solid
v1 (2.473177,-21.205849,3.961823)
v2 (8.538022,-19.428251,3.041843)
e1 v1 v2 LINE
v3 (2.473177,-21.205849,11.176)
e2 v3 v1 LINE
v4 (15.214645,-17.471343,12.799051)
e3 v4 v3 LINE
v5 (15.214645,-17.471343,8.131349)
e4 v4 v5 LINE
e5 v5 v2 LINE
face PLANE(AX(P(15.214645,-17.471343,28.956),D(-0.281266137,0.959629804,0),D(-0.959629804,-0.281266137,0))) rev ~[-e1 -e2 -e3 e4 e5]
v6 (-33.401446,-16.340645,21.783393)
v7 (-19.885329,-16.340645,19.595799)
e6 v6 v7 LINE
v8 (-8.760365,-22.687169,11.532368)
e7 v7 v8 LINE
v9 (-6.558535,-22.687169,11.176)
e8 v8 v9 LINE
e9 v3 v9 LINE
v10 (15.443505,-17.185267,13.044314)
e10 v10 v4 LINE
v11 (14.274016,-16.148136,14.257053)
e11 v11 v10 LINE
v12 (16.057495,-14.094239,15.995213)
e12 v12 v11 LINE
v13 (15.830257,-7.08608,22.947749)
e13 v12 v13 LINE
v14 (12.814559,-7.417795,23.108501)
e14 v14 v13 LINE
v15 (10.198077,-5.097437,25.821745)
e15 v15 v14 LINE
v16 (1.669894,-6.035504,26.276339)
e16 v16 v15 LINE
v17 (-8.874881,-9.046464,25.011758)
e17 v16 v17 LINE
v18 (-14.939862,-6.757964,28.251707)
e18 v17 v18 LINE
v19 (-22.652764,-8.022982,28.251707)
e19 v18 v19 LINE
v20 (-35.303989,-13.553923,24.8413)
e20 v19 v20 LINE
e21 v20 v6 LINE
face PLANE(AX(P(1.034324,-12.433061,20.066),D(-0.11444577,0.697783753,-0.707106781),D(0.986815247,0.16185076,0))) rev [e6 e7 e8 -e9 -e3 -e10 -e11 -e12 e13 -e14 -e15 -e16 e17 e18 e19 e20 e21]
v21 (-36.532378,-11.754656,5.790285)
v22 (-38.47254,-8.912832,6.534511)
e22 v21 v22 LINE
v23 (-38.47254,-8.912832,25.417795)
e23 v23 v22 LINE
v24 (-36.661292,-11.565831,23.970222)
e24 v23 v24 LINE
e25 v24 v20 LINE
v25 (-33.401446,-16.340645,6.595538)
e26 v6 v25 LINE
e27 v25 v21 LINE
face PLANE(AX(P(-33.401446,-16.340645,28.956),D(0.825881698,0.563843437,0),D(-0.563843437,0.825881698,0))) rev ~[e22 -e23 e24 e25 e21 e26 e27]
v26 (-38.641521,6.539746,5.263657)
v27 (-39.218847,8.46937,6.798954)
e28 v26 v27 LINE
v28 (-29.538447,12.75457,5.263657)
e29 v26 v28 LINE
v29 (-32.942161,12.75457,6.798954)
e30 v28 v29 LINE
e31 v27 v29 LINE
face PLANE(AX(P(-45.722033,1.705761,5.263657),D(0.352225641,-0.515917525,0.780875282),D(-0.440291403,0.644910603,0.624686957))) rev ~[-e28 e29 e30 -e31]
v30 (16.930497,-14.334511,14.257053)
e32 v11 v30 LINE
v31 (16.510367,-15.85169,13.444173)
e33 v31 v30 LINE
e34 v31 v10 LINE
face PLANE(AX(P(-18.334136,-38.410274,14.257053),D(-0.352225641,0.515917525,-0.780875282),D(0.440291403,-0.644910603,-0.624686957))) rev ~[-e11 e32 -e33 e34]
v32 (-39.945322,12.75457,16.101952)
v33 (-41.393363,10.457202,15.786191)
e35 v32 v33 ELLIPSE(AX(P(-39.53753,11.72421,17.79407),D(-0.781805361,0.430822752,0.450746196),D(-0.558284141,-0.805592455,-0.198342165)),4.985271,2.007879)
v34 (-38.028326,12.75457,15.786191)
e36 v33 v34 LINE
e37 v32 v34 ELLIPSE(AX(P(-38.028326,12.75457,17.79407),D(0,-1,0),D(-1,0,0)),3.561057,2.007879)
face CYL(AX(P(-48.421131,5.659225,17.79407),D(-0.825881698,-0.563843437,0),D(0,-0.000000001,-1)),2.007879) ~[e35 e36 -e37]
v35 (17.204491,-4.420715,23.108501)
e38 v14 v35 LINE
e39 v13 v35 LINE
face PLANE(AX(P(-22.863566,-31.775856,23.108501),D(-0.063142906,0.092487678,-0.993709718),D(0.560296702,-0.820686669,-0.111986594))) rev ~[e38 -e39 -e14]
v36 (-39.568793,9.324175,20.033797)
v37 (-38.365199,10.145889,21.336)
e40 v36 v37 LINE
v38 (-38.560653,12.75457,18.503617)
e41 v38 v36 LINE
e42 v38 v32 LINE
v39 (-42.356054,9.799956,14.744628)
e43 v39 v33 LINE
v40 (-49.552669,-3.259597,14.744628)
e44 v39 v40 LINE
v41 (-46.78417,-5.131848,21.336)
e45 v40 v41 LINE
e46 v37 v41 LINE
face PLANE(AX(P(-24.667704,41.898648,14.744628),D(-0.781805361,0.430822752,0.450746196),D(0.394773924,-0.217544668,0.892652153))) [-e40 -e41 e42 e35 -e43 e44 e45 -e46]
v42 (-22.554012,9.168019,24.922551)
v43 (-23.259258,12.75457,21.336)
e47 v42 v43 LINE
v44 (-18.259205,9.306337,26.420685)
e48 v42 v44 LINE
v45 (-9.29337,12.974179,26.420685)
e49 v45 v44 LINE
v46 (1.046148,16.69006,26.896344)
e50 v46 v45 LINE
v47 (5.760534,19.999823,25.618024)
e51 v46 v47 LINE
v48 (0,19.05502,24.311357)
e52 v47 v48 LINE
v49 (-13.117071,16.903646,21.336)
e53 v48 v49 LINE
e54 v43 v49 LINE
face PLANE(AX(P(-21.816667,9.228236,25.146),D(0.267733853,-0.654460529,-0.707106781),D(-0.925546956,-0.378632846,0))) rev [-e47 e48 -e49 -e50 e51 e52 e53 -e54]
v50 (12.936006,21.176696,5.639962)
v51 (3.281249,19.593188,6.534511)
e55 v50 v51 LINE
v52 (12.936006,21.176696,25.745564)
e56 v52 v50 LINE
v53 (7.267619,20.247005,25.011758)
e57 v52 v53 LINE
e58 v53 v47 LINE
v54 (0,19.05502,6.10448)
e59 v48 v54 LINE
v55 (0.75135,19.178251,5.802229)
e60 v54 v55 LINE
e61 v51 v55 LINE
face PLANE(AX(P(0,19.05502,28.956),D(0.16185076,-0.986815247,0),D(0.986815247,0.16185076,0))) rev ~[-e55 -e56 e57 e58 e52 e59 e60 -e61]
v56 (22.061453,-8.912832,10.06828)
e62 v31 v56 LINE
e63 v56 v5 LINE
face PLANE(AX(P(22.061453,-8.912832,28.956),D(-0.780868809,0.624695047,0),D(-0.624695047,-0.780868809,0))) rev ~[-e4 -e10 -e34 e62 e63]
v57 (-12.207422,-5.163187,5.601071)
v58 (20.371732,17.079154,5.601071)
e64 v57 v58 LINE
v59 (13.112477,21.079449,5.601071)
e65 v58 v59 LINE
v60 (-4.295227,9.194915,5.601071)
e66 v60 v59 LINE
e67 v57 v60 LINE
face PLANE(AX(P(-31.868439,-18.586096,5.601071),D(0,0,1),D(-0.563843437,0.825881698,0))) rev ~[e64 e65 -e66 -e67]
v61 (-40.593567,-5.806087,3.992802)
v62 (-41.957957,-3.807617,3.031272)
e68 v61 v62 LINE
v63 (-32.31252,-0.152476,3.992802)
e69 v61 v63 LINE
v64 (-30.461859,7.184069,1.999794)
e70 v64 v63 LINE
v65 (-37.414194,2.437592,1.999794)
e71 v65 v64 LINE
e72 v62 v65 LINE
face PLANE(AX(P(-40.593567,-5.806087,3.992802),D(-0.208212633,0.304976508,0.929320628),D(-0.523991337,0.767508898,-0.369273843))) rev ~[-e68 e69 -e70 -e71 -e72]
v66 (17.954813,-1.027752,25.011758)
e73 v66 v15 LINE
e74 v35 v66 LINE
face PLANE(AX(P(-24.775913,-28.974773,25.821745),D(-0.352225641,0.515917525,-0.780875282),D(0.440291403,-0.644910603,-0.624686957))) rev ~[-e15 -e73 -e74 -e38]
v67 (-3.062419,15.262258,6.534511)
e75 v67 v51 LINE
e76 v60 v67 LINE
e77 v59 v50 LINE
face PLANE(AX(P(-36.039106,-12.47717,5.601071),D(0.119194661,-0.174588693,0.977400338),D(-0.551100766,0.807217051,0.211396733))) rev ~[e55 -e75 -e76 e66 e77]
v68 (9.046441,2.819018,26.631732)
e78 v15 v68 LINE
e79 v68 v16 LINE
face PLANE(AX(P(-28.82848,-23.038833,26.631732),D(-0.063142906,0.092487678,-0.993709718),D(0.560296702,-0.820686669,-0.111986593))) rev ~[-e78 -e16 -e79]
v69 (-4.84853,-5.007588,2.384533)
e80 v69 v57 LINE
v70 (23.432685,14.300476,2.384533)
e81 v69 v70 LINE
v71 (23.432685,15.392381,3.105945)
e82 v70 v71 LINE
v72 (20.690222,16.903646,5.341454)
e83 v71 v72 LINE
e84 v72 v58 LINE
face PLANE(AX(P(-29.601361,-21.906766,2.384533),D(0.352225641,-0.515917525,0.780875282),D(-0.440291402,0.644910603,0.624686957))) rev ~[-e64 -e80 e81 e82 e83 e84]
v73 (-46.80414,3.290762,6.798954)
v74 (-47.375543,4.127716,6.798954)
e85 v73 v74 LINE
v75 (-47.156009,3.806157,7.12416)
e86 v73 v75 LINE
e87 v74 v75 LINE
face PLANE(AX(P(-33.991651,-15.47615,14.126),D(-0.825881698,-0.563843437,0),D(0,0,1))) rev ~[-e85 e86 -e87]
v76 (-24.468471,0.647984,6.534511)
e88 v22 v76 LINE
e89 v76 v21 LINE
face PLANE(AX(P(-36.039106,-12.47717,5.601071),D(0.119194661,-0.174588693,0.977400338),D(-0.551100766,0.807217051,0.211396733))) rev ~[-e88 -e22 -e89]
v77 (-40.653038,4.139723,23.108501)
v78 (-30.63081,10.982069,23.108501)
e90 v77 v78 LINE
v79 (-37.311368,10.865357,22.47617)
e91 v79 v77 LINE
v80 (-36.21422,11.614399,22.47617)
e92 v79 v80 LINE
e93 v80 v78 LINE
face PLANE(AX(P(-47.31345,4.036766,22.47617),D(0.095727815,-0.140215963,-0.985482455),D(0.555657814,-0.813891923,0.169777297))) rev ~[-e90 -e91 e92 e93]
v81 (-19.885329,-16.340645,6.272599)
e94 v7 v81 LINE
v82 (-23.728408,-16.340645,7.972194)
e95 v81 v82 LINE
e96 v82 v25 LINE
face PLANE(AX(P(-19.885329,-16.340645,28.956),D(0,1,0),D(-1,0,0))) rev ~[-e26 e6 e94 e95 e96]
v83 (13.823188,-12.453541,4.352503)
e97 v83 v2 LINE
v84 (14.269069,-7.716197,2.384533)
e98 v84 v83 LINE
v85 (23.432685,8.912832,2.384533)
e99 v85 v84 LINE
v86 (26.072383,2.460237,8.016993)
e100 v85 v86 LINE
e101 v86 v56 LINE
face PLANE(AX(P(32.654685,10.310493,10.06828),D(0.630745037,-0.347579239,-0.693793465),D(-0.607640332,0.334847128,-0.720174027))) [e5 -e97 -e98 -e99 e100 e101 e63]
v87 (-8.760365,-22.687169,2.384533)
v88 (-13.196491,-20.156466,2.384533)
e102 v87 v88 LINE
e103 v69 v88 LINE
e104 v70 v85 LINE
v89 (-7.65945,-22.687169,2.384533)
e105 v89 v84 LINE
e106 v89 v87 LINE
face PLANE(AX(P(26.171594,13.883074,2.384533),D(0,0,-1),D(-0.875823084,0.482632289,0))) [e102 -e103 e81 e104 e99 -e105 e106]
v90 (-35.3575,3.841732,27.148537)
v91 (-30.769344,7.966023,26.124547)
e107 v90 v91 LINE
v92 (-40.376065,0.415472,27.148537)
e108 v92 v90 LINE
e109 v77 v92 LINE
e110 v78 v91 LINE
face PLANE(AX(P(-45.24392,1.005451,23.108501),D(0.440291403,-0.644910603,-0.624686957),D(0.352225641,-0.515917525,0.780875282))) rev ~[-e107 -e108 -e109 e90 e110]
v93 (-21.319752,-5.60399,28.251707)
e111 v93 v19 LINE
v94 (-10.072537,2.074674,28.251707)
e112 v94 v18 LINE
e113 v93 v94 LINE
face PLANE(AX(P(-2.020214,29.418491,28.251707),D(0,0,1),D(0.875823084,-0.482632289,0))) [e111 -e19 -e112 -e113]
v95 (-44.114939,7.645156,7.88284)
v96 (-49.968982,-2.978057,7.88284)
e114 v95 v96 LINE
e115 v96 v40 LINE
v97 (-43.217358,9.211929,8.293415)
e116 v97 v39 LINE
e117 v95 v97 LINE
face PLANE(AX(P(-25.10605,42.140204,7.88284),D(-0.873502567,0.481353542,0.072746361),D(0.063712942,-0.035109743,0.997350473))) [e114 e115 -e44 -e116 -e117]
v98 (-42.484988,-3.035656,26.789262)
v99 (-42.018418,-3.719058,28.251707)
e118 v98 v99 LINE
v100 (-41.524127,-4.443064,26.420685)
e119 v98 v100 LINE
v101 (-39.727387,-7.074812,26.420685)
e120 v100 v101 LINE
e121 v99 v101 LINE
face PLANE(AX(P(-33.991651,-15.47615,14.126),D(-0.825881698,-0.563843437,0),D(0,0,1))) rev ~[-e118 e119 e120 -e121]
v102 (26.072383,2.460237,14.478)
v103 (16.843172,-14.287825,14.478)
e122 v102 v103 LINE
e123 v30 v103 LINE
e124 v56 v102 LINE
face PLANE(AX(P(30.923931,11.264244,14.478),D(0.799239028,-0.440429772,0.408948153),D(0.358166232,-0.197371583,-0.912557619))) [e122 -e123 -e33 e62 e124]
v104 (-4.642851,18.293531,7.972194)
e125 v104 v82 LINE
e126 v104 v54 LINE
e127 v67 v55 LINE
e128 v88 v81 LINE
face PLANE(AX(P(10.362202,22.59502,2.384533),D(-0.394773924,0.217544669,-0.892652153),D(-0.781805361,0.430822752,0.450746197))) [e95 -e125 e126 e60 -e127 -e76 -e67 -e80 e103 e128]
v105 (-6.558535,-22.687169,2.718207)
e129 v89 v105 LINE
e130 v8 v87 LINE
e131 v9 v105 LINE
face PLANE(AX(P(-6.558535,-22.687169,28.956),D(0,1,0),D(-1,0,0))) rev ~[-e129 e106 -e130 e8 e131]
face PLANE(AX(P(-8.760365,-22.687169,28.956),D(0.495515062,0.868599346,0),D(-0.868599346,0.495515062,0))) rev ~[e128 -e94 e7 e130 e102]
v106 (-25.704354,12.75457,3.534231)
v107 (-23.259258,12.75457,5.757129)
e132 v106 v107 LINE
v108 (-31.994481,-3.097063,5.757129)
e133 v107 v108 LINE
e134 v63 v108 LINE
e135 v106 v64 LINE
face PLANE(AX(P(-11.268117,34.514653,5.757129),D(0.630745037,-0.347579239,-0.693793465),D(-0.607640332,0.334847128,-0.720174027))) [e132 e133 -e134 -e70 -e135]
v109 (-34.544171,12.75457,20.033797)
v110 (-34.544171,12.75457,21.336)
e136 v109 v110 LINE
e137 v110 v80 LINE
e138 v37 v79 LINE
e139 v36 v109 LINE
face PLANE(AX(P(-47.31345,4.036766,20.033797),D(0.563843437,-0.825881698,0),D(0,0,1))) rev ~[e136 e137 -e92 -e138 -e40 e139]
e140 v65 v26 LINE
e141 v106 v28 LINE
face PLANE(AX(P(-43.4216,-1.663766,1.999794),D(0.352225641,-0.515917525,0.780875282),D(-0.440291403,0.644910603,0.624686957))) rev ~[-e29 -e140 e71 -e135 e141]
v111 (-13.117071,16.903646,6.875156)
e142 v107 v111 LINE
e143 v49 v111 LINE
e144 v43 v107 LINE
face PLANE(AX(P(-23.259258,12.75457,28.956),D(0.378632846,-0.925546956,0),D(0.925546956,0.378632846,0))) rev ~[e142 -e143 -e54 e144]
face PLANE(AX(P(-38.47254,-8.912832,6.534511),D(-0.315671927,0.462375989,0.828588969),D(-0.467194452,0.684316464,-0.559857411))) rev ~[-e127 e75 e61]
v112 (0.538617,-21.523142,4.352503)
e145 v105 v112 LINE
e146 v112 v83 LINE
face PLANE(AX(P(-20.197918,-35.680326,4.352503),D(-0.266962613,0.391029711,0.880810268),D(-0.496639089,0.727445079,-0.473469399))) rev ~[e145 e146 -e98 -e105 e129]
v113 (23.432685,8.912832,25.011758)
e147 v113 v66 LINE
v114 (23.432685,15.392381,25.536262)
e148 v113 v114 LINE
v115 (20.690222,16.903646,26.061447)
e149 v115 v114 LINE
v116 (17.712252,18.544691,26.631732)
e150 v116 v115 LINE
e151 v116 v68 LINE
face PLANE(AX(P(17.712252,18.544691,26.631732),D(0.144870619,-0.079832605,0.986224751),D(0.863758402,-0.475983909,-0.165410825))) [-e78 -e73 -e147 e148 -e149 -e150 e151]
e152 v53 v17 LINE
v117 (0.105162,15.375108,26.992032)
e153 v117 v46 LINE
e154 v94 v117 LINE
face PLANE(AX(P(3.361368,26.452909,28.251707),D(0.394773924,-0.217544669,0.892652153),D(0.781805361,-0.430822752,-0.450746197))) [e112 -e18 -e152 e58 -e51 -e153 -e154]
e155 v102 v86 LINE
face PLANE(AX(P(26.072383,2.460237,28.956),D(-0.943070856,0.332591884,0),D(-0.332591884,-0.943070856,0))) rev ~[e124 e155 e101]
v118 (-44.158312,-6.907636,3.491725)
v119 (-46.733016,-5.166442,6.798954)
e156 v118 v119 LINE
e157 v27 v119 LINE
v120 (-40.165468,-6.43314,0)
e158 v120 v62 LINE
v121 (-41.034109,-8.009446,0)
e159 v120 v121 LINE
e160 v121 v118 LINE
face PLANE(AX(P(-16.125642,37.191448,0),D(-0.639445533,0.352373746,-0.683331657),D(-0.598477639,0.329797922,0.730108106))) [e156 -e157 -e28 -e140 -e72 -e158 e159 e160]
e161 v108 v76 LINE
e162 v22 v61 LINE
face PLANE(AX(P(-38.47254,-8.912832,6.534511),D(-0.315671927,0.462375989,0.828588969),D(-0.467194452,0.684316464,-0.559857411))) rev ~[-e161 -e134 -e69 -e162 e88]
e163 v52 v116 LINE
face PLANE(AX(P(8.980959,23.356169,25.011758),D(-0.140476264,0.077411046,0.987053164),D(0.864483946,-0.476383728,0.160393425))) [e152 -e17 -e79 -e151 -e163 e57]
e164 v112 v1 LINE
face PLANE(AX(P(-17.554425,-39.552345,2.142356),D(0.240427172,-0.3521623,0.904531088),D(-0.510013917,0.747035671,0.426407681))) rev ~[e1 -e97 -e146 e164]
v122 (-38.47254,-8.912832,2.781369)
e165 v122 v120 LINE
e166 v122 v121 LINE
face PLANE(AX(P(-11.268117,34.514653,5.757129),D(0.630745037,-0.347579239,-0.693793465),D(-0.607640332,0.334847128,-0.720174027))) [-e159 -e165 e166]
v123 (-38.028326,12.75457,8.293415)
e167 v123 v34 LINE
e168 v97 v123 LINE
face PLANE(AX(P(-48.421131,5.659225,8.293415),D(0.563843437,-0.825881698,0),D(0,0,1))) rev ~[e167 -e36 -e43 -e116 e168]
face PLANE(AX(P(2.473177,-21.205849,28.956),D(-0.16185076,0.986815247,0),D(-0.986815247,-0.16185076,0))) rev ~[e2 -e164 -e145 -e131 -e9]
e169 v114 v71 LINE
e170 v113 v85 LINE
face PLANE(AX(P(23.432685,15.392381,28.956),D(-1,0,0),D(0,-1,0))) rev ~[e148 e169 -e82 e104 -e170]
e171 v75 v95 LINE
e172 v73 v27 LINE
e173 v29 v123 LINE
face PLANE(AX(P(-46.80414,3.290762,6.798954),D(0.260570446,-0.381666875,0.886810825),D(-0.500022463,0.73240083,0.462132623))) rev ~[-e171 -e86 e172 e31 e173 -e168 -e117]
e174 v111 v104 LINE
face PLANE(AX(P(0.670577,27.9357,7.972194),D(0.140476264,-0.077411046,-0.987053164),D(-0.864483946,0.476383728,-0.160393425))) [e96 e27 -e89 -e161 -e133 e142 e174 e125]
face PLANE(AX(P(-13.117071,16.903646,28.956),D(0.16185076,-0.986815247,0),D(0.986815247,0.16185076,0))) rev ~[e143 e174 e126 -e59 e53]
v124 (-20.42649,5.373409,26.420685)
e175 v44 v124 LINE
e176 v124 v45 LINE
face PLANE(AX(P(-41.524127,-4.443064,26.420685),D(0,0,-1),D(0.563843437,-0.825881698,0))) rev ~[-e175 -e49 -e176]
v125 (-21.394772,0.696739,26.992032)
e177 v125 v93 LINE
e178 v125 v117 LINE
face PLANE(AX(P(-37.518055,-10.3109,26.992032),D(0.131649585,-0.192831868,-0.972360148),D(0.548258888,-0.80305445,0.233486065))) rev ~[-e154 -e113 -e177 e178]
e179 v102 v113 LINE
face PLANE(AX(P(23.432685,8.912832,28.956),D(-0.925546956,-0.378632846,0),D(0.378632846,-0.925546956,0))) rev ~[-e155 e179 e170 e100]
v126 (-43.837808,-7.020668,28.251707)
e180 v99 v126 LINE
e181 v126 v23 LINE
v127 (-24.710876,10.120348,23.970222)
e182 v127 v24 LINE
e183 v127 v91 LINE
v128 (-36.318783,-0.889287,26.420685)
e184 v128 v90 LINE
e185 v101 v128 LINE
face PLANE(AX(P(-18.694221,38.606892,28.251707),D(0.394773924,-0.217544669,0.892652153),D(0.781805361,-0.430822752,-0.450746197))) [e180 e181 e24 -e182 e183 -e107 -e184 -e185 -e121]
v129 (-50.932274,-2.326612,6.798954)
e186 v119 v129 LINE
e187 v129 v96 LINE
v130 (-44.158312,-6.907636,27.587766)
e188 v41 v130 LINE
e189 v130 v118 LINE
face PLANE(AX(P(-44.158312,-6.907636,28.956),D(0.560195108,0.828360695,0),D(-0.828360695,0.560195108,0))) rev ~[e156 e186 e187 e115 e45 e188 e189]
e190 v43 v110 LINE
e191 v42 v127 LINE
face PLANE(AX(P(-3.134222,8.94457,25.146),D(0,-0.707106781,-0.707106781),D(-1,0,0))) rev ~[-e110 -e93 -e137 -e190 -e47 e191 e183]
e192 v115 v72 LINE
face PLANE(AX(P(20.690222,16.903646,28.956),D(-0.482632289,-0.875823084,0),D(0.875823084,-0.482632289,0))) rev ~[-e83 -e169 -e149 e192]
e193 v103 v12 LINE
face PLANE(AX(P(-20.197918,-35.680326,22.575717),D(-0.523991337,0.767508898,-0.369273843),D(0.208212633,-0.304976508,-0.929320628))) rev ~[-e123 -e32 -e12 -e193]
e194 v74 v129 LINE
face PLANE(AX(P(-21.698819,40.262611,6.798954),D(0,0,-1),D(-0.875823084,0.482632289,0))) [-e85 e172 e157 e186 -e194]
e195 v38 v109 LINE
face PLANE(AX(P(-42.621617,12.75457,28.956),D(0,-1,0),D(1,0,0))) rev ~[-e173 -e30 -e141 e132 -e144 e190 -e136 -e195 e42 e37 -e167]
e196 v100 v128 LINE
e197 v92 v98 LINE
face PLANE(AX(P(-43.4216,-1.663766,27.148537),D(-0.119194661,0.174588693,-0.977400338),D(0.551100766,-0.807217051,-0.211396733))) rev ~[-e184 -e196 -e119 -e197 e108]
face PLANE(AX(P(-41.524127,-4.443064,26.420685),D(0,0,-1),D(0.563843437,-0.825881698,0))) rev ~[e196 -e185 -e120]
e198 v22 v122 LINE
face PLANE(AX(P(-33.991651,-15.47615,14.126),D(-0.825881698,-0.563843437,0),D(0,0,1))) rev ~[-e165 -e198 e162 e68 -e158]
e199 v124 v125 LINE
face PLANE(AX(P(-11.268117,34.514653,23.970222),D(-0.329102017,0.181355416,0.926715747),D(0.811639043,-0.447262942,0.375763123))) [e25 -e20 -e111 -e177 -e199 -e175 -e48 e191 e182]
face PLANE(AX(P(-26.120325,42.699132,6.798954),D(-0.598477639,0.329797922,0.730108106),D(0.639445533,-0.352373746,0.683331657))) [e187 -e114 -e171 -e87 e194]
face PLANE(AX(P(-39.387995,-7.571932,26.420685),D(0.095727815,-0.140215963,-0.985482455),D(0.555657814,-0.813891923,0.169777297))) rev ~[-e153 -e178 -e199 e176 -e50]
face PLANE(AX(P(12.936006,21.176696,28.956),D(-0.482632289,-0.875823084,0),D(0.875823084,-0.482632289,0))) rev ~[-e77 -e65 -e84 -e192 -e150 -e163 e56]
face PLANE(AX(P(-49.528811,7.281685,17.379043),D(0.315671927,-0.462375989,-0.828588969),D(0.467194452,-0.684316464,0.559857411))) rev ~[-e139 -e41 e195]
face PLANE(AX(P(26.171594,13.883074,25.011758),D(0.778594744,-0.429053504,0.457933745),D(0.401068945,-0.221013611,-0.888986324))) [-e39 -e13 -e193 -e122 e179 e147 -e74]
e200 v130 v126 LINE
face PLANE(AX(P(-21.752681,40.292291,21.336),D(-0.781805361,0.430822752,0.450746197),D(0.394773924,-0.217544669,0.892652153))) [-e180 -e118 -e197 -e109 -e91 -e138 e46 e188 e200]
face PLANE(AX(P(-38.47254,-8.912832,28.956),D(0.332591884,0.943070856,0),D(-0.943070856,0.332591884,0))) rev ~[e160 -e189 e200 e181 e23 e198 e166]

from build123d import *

# Parameters (mm, degrees)
BOSS_EXTRUDE1_DEPTH = 28.956
SKETCH2_OUTSIDE_W   = 104.225
SKETCH2_OUTSIDE_H   = 74.976
CUT_EXTRUDE1_DEPTH  = 28.956
CHAMFER1_SIZE       = 17.78
CHAMFER2_SIZE       = 7.62
CHAMFER3_SIZE       = 7.62
SKETCH3_OUTSIDE_W   = 109.871
SKETCH3_OUTSIDE_H   = 49.7
CUT_EXTRUDE2_DEPTH  = 60.198
SKETCH4_OUTSIDE_W   = 48.856
SKETCH4_OUTSIDE_H   = 100.249
CUT_EXTRUDE3_DEPTH  = 65.532


with BuildPart() as part:
    # Sketch1 → Boss-Extrude1 (new body)
    with BuildSketch(Plane.XY):
        with BuildLine():
            add(Edge.make_bspline(
                [(0, 26.329340351), (-15.786544799, 14.596384946), (-36.267616128, 18.74958365)],
                knots=[0, 0, 0, 1, 1, 1], degree=2))
            add(Edge.make_bspline(
                [(-36.267616128, 18.74958365), (-125.980614733, -26.329340351), (0, -26.329340351)],
                knots=[2.349082937, 2.349082937, 2.349082937, 4.702848639, 4.702848639, 4.702848639], degree=2, weights=[1, 0.374957632, 0.976740293]))
            add(Edge.make_bspline(
                [(0, -26.329340351), (0.906326781, -26.329340351), (1.812095783, -26.313136555)],
                knots=[4.702848639, 4.702848639, 4.702848639, 4.747474319, 4.747474319, 4.747474319], degree=2, weights=[0.976740293, 0.988149653, 1]))
            add(Edge.make_bspline(
                [(0, 26.329340351), (15.016751237, 25.038982394), (44.548809621, 18.28020699), (17.807382706, -25.169253325), (1.812095783, -26.313136555)],
                knots=[0, 0, 0, 0, 0.367872962, 0.976947038, 0.976947038, 0.976947038, 0.976947038], degree=3))
        make_face()
    extrude(amount=BOSS_EXTRUDE1_DEPTH)

    # Sketch2 outside → Cut-Extrude1 (cut)
    with BuildSketch(Plane.XY.offset(28.956)):
        with Locations((-10.7055, 0)):
            Rectangle(SKETCH2_OUTSIDE_W, SKETCH2_OUTSIDE_H)
        Polygon((-45.695007292, 8.912831724), (-42.621617043, 12.754569536), (-31.250073118, 12.754569536), (-23.259258469, 12.754569536), (-13.117070645, 16.903646374), (0, 19.055019548), (12.936005686, 21.176695674), (20.690222102, 16.903646374), (23.432684842, 15.392381036), (23.432684842, 8.912831724), (26.072382633, 2.460237124), (22.061453472, -8.912831724), (15.214644669, -17.471342729), (2.473177364, -21.20584876), (-6.558535322, -22.687169165), (-8.760365364, -22.687169165), (-19.88532873, -16.340644797), (-33.401446293, -16.340644797), (-38.472540205, -8.912831724), (-44.158312167, -6.907636041), (-51.519978603, -1.929165251), align=None, mode=Mode.SUBTRACT)
    extrude(amount=-CUT_EXTRUDE1_DEPTH, mode=Mode.SUBTRACT)

    # Chamfer1
    chamfer1_edges = [part.edges().sort_by_distance(p)[0] for p in [
        (-2.042678979, -21.946508963, 28.956),
    ]]
    chamfer(chamfer1_edges, length=CHAMFER1_SIZE)

    # Chamfer2
    chamfer2_edges = [part.edges().sort_by_distance(p)[0] for p in [
        (-18.188164557, 14.829107955, 28.956),
    ]]
    chamfer(chamfer2_edges, length=CHAMFER2_SIZE)

    # Chamfer3
    chamfer3_edges = [part.edges().sort_by_distance(p)[0] for p in [
        (-13.196740008, 12.754569536, 28.956),
    ]]
    chamfer(chamfer3_edges, length=CHAMFER3_SIZE)

    # Sketch3 outside → Cut-Extrude2 (cut)
    with BuildSketch(Plane(origin=(11.964634426, 21.711980874, 0), x_dir=(0.875823084, -0.482632289, 0), z_dir=(0.482632289, 0.875823084, 0))):
        with Locations((-10.7795, -14.478)):
            Rectangle(SKETCH3_OUTSIDE_W, SKETCH3_OUTSIDE_H)
        Polygon((-41.826185128, -14.74462757), (-38.497860604, -21.336), (-35.00576286, -28.251706873), (-26.526762563, -23.970221502), (-15.967663822, -28.251706873), (-9.823064699, -28.251706873), (-3.406709878, -25.011757782), (6.56253296, -26.631732327), (16.221265926, -25.011757782), (21.647404684, -14.478), (23.623550585, -10.068279635), (16.221265926, -2.384533072), (-1.82963065, -2.384533072), (-12.895364261, -7.972193753), (-26.526762563, -5.757129016), (-32.073003248, 0), (-38.436362681, -6.798953713), (-43.484763158, -6.798953713), (-42.326681299, -7.882839769), align=None, mode=Mode.SUBTRACT)
    extrude(amount=-CUT_EXTRUDE2_DEPTH, mode=Mode.SUBTRACT)

    # Sketch4 outside → Cut-Extrude3 (cut)
    with BuildSketch(Plane(origin=(-30.391792793, -20.748992187, 0), x_dir=(0, 0, 1), z_dir=(-0.825881698, -0.563843437, 0))):
        with Locations((14.126, 6.3845)):
            Rectangle(SKETCH4_OUTSIDE_W, SKETCH4_OUTSIDE_H)
        with BuildLine():
            Line((17.379043474, 33.940305121), (20.033797097, 30.011269758))
            Line((20.033797097, 30.011269758), (22.47617043, 30.011269758))
            Line((22.47617043, 30.011269758), (23.108500778, 26.340870516))
            Line((23.108500778, 26.340870516), (27.148536807, 23.108910338))
            Line((27.148536807, 23.108910338), (26.420684971, 19.743661409))
            Line((26.420684971, 19.743661409), (26.420684971, 15.955142831))
            Line((26.420684971, 15.955142831), (26.992031947, 12.638725208))
            Line((26.992031947, 12.638725208), (28.251706873, 7.392768888))
            Line((28.251706873, 7.392768888), (29.39802431, 2.618893435))
            Line((29.39802431, 2.618893435), (28.824865591, -0.031126348))
            Line((28.824865591, -0.031126348), (26.631732327, -2.772601154))
            Line((26.631732327, -2.772601154), (25.821745055, -9.959999212))
            Line((25.821745055, -9.959999212), (23.108500778, -13.351626593))
            Line((23.108500778, -13.351626593), (22.5757173, -18.07926499))
            Line((22.5757173, -18.07926499), (14.257053213, -21.384760387))
            Line((14.257053213, -21.384760387), (11.527022899, -24.797370761))
            Line((11.527022899, -24.797370761), (2.142356235, -22.767611))
            Line((2.142356235, -22.767611), (4.352503323, -18.07926499))
            Line((4.352503323, -18.07926499), (2.384533072, -14.418186985))
            Line((2.384533072, -14.418186985), (2.384533072, -11.501772175))
            Line((2.384533072, -11.501772175), (2.384533072, -1.401863751))
            Line((2.384533072, -1.401863751), (5.601070504, 2.618893435))
            Line((5.601070504, 2.618893435), (5.601070504, 10.015747048))
            Line((5.601070504, 10.015747048), (6.534511478, 14.331544691))
            Line((6.534511478, 14.331544691), (3.992801788, 18.093275032))
            Line((3.992801788, 18.093275032), (1.999794348, 23.108910338))
            Line((1.999794348, 23.108910338), (5.263656633, 27.188824848))
            Line((5.263656633, 27.188824848), (6.798953713, 29.107986959))
            Line((6.798953713, 29.107986959), (8.293414674, 31.975787439))
            Line((8.293414674, 31.975787439), (15.7861913, 31.975787439))
            ThreePointArc((15.7861913, 31.975787439), (16.234438667, 33.24035335), (17.379043474, 33.940305121))
        make_face(mode=Mode.SUBTRACT)
    extrude(amount=-CUT_EXTRUDE3_DEPTH, mode=Mode.SUBTRACT)


solid = part.part
